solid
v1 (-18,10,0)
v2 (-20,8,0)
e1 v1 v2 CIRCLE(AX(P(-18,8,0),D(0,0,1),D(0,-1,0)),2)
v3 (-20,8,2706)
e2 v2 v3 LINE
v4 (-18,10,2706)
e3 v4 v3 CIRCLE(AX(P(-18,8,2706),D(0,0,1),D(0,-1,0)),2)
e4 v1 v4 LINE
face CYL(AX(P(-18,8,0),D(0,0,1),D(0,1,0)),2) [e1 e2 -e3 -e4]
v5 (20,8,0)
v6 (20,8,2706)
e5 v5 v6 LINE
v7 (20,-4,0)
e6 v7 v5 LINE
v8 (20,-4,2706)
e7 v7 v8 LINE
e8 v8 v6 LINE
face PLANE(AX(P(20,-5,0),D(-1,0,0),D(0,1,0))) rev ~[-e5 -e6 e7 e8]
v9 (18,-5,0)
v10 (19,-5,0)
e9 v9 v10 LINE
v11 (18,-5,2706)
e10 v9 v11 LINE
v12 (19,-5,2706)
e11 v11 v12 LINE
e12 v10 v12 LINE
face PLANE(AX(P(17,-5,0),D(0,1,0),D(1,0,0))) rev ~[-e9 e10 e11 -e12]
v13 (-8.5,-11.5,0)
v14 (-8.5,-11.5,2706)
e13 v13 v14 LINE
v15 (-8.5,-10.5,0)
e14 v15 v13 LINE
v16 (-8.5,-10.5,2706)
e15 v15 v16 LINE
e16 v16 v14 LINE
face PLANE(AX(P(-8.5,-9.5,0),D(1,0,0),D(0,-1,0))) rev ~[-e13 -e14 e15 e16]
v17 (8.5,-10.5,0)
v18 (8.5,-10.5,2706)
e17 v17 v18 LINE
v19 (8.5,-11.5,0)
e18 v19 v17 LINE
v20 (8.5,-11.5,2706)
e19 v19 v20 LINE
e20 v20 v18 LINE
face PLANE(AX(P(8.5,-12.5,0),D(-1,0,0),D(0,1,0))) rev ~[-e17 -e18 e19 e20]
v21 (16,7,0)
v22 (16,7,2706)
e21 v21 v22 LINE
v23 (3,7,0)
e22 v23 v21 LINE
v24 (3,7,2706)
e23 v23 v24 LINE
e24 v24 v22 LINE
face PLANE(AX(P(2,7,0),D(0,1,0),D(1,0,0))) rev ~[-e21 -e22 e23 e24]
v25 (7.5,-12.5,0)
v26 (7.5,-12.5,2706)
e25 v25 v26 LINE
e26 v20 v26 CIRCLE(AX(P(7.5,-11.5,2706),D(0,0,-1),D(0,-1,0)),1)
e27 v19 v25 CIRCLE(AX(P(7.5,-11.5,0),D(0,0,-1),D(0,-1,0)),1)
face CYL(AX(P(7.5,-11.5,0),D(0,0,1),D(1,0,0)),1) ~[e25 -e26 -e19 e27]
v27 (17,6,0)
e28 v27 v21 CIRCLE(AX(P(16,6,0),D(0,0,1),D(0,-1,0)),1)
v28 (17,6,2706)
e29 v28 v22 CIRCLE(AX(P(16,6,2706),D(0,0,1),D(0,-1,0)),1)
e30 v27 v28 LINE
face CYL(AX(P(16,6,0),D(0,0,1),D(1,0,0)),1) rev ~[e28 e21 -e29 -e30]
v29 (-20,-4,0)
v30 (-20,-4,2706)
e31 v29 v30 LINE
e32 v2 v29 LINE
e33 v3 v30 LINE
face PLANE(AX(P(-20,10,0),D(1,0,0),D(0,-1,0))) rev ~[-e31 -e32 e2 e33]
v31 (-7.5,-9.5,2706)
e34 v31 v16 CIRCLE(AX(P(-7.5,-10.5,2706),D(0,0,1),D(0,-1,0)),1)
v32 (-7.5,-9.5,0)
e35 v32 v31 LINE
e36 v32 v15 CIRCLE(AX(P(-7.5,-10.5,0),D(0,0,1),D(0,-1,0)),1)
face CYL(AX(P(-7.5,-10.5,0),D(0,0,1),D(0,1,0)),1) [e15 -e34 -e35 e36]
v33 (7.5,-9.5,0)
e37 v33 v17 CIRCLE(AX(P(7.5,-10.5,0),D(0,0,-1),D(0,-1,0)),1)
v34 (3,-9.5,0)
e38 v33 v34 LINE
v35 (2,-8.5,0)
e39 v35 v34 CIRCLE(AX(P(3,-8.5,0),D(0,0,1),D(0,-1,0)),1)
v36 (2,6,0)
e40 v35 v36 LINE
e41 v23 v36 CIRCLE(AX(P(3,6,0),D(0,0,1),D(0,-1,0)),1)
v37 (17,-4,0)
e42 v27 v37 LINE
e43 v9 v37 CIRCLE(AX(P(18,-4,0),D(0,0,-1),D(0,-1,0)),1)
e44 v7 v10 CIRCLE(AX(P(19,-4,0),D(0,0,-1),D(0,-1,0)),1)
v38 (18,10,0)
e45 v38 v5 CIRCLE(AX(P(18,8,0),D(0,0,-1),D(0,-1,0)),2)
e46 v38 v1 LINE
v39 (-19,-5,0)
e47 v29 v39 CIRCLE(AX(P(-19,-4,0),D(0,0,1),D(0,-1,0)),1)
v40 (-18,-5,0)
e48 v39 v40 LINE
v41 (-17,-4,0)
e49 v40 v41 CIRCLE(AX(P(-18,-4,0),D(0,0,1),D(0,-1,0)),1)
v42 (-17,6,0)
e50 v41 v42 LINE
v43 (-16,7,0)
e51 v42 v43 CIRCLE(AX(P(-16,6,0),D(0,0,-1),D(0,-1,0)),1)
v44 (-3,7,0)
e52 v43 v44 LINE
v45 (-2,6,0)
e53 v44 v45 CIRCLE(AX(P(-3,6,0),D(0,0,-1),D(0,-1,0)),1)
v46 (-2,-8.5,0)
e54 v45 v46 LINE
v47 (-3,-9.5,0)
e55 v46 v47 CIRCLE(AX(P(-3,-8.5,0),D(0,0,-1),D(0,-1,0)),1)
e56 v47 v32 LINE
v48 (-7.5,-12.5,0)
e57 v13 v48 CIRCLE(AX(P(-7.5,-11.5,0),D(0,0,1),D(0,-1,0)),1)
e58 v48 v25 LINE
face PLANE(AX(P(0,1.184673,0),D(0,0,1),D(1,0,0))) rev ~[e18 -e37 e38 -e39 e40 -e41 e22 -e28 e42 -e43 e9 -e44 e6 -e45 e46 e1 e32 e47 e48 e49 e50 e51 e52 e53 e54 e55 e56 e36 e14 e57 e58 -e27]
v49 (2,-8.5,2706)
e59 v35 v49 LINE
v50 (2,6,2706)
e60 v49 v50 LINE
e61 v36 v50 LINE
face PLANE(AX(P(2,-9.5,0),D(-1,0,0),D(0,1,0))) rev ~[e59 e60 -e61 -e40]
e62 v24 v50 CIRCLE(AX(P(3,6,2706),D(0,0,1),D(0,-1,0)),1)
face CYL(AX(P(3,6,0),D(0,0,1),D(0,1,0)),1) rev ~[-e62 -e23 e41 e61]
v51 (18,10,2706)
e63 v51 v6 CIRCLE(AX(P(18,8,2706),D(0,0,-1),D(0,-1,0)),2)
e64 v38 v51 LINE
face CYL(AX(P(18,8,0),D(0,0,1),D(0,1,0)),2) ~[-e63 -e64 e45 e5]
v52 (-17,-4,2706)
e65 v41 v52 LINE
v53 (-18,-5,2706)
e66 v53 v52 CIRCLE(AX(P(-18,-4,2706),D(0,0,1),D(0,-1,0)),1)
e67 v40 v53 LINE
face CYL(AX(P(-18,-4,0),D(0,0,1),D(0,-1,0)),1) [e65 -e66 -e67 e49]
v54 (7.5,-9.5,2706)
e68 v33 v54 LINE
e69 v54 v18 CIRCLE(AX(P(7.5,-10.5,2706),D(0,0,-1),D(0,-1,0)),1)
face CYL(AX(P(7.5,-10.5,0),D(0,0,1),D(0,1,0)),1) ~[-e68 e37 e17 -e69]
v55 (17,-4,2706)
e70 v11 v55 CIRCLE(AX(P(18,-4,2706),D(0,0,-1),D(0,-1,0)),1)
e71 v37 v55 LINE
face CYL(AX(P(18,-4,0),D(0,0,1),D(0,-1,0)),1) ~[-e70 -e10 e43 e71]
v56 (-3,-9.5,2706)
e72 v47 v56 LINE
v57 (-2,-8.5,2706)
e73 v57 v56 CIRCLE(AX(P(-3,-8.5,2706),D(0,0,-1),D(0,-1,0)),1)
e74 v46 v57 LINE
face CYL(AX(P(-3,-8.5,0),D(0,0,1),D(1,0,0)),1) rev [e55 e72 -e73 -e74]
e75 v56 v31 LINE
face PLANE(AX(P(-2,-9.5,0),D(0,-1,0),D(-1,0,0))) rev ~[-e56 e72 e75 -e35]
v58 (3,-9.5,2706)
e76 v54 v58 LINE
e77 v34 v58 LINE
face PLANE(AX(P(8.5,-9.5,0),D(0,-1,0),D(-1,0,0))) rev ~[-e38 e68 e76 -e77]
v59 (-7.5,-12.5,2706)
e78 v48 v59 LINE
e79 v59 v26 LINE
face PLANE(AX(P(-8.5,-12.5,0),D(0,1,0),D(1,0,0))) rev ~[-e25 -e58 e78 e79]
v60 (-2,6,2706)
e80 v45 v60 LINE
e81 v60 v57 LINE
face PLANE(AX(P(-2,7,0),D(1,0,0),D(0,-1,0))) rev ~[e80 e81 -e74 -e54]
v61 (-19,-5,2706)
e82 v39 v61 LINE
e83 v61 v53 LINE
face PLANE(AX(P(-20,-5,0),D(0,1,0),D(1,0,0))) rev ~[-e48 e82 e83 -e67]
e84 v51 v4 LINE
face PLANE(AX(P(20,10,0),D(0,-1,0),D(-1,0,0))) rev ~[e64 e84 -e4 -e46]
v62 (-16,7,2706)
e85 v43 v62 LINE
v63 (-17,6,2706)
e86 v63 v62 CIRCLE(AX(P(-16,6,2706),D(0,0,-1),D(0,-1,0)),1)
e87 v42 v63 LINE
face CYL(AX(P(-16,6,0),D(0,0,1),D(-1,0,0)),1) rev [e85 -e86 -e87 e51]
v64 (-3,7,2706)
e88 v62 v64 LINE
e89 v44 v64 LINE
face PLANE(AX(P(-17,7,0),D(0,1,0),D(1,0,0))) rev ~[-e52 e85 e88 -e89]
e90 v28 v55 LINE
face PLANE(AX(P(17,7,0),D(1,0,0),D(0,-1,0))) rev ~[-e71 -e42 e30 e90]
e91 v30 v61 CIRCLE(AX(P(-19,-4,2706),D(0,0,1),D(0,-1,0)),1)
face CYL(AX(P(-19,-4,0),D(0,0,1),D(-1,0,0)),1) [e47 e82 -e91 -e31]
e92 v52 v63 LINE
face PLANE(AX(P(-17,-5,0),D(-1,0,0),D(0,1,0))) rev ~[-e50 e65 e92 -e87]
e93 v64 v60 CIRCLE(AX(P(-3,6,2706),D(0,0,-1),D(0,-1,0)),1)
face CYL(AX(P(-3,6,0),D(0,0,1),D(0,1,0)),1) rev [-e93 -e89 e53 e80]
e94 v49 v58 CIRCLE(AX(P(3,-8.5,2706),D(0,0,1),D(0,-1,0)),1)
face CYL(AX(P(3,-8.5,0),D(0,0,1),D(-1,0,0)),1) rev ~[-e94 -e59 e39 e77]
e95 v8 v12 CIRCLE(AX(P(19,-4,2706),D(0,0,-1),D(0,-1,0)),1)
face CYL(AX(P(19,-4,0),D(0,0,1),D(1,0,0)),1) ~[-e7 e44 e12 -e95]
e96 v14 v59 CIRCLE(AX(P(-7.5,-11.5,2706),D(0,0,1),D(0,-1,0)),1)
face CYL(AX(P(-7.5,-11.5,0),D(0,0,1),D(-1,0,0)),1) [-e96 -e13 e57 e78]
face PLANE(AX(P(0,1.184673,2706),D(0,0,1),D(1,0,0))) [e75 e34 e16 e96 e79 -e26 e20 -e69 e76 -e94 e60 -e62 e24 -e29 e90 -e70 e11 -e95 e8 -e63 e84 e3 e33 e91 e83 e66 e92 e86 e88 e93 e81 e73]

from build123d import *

# Parameters (mm, degrees)
F1_DEPTH = 2706
F2_R     = 2
F3_R     = 1


with BuildPart() as f1:
    # F0 (on Top) → F1 (new body)
    with BuildSketch(Plane.XY):
        Polygon((20, 10), (-20, 10), (-20, -5), (-17, -5), (-17, 7), (-2, 7), (-2, -9.5), (-8.5, -9.5), (-8.5, -12.5), (0, -12.5), (8.5, -12.5), (8.5, -9.5), (2, -9.5), (2, 7), (17, 7), (17, -5), (20, -5), align=None)
    extrude(amount=F1_DEPTH)

    # F2
    f2_edges = [f1.edges().sort_by_distance(p)[0] for p in [
        (-20, 10, 1353),
        (20, 10, 1353),
    ]]
    fillet(f2_edges, radius=F2_R)

    # F3
    f3_edges = [f1.edges().sort_by_distance(p)[0] for p in [
        (-17, -5, 1353),
        (-20, -5, 1353),
        (-17, 7, 1353),
        (2, 7, 1353),
        (17, -5, 1353),
        (20, -5, 1353),
        (8.5, -9.5, 1353),
        (8.5, -12.5, 1353),
        (-8.5, -12.5, 1353),
        (-8.5, -9.5, 1353),
        (-2, -9.5, 1353),
        (-2, 7, 1353),
        (17, 7, 1353),
        (2, -9.5, 1353),
    ]]
    fillet(f3_edges, radius=F3_R)


solid = f1.part
